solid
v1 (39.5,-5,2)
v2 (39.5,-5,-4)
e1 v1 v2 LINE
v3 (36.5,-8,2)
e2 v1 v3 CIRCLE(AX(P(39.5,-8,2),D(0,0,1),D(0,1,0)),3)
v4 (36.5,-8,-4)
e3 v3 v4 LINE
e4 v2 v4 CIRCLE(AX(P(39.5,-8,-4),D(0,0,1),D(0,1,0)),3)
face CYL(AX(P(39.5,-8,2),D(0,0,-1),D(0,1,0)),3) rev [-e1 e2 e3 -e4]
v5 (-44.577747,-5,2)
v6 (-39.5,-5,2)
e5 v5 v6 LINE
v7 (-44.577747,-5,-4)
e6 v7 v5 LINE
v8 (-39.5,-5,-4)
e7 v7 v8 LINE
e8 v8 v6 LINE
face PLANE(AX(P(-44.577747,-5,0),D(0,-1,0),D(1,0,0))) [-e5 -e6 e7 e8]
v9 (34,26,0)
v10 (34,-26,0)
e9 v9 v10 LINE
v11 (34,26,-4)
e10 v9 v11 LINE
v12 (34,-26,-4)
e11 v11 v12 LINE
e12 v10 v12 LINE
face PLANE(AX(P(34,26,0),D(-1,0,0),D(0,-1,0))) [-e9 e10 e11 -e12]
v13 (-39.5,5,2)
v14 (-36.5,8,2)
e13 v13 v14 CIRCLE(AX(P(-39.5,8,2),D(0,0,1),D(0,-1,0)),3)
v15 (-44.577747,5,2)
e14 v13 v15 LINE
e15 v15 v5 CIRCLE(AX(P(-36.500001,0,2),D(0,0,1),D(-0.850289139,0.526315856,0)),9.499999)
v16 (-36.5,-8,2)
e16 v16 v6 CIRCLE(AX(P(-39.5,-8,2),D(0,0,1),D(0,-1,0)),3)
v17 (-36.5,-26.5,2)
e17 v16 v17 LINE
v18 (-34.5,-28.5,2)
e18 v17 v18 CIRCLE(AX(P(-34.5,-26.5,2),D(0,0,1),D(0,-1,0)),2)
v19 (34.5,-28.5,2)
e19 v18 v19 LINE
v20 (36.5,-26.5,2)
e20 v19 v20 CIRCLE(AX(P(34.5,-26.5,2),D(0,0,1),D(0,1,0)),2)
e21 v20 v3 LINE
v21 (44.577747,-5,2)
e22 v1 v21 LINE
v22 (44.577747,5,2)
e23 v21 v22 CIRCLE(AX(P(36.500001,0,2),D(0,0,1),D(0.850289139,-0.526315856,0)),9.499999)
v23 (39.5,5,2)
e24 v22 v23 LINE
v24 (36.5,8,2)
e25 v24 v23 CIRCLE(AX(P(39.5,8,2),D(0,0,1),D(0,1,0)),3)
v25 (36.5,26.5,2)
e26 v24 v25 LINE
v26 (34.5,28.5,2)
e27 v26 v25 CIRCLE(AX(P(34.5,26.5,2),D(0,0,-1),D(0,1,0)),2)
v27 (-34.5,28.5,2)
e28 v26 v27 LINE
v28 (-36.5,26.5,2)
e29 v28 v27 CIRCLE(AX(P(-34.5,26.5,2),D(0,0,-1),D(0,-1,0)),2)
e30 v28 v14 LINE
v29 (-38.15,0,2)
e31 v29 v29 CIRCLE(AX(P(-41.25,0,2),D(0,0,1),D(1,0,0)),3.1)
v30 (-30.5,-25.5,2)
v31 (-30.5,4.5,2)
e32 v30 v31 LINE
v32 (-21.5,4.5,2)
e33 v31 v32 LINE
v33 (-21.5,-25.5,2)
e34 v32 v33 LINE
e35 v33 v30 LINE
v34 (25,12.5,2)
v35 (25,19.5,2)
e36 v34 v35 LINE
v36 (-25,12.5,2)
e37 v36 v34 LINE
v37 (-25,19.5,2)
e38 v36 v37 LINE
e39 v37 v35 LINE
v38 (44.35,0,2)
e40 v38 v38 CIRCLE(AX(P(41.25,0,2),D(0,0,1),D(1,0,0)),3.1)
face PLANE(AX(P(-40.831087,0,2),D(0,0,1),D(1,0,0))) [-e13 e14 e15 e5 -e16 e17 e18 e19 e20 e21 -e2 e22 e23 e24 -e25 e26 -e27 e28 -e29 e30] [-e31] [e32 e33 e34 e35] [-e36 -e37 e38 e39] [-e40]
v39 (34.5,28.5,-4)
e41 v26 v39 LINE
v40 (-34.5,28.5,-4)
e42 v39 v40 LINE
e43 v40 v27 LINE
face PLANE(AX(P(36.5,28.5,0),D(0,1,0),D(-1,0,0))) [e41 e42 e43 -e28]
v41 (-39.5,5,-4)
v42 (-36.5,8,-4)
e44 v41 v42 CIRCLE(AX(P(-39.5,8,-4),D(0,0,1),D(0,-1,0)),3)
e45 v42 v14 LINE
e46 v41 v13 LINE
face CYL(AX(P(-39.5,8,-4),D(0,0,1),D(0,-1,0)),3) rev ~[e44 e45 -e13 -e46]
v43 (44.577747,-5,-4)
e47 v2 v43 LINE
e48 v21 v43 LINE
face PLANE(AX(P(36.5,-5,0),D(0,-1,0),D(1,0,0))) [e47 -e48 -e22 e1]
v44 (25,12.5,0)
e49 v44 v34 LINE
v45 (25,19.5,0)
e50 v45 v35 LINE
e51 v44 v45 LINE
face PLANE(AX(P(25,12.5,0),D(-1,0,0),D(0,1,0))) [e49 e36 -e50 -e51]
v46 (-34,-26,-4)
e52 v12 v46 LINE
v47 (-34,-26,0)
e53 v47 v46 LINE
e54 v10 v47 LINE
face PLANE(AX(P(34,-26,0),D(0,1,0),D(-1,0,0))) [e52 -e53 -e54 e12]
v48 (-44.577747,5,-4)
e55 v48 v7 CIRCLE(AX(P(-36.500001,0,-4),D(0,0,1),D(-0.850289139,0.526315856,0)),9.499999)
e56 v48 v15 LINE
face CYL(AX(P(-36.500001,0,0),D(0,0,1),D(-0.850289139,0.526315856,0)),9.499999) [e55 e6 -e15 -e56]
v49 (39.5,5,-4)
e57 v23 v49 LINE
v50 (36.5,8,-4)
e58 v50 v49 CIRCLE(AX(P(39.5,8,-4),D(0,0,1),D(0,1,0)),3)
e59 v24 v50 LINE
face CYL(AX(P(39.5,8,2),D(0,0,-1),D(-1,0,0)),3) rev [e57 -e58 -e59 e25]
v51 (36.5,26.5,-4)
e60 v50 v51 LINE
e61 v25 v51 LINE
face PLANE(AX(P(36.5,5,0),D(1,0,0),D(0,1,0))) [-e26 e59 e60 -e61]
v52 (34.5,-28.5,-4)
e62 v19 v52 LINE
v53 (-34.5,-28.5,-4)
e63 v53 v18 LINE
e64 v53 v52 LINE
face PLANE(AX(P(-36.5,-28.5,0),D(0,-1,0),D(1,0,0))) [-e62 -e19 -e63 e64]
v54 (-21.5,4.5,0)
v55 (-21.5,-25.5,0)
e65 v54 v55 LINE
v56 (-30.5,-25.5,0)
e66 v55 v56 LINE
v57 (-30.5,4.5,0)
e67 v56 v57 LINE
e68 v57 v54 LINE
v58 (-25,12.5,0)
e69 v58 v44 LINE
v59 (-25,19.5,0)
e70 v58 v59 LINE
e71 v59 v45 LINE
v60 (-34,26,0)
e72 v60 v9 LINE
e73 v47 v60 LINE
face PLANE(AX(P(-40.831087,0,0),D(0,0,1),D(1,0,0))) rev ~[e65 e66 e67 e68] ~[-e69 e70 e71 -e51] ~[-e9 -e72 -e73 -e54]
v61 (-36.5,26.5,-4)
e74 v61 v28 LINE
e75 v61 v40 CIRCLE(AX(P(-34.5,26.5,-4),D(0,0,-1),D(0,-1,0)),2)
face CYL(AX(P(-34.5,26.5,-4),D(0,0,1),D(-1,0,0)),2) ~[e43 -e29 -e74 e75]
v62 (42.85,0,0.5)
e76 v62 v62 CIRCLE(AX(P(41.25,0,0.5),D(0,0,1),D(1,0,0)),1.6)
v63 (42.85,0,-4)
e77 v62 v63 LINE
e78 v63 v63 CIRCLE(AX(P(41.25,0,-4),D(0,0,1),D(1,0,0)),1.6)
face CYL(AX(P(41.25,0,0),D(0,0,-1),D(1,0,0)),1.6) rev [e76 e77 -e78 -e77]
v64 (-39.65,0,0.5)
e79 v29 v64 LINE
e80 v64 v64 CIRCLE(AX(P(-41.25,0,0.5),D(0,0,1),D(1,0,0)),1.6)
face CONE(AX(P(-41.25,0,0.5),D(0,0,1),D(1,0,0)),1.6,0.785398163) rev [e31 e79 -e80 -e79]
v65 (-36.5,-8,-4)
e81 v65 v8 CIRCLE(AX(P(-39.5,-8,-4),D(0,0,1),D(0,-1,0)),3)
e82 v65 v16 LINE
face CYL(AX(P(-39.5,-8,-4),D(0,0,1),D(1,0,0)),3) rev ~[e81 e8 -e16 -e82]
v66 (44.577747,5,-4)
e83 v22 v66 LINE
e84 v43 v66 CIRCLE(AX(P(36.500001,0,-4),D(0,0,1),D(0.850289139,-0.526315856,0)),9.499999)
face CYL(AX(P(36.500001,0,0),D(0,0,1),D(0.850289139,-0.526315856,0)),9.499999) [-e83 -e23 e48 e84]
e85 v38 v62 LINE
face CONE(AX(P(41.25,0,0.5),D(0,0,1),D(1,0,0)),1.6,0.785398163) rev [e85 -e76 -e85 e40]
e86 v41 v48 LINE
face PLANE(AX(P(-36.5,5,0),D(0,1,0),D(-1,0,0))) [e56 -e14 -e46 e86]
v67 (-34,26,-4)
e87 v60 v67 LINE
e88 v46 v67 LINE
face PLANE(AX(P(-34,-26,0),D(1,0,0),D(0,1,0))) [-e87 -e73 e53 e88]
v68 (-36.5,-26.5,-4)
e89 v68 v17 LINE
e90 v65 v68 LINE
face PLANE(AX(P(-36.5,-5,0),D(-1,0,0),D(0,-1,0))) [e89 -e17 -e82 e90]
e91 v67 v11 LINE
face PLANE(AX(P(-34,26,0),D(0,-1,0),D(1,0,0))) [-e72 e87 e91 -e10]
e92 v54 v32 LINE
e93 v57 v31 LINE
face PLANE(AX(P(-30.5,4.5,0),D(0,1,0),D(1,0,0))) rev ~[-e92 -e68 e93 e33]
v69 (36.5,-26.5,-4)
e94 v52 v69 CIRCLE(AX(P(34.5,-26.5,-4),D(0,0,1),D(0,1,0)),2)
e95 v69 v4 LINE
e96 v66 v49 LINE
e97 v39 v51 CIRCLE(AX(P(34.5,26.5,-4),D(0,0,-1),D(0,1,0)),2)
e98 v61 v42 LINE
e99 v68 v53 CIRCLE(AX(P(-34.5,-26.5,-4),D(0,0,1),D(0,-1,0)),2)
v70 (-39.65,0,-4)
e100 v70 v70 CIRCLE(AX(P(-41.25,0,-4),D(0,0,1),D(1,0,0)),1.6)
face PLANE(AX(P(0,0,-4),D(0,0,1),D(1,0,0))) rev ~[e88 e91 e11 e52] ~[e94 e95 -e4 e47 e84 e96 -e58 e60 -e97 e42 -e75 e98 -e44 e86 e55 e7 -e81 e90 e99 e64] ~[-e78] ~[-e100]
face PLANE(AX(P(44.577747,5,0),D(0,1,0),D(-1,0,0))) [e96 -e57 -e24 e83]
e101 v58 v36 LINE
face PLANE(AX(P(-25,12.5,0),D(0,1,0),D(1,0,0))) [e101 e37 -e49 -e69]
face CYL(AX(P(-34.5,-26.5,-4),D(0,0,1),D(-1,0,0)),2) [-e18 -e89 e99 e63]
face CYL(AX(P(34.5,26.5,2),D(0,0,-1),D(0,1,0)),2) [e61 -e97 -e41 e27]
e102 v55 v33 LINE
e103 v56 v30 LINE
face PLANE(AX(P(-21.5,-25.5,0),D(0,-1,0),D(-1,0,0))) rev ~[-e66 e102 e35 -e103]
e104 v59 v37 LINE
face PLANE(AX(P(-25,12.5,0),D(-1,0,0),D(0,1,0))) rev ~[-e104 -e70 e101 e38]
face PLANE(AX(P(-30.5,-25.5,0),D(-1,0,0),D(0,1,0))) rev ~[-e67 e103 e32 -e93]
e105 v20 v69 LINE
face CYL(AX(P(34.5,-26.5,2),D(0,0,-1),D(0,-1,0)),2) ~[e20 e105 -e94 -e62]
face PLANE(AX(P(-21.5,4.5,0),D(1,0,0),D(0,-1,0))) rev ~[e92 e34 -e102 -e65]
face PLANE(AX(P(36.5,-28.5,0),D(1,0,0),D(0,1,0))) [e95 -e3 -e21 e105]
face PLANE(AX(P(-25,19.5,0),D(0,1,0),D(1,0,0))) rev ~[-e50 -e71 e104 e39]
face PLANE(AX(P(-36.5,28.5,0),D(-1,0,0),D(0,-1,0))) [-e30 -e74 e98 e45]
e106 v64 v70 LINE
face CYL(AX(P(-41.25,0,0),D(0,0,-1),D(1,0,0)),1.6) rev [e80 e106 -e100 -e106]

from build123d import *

# Parameters (mm, degrees)
F0_W     = 50
F0_H     = 7
F0_R     = 1.6
F1_DEPTH = 2
F2_DEPTH = 4
F3_SIZE  = 1.5
F4_R     = 3
F5_R     = 2


with BuildPart() as f1:
    # F0 (on Top) → F1 (new body)
    with BuildSketch(Plane.XY):
        with BuildLine():
            Line((-36.5, -5), (-36.5, 5))
            Line((-36.5, 5), (-44.577747, 5))
            ThreePointArc((-44.577747, 5), (-46, 0), (-44.577747, -5))
            Line((-44.577747, -5), (-36.5, -5))
        make_face()
        Polygon((-38.5, 1.587713), (-38.5, -1.587713), (-41.25, -3.175426), (-44, -1.587713), (-44, 1.587713), (-41.25, 3.175426), align=None, mode=Mode.SUBTRACT)
        Polygon((36.5, 28.5), (-36.5, 28.5), (-36.5, 5), (-36.5, -5), (-36.5, -28.5), (36.5, -28.5), (36.5, -5), (36.5, 5), align=None)
        Polygon((-34, 21.050253), (-34, 26), (-29.050253, 26), (29.050253, 26), (34, 26), (34, 21.050253), (34, -21.050253), (34, -26), (29.050253, -26), (-29.050253, -26), (-34, -26), (-34, -21.050253), align=None, mode=Mode.SUBTRACT)
        Polygon((29.050253, 26), (-29.050253, 26), (-34, 21.050253), (-34, -21.050253), (-30.5, -24.550253), (-30.5, 4.5), (-21.5, 4.5), (-21.5, -25.5), (-29.550253, -25.5), (-29.050253, -26), (29.050253, -26), (34, -21.050253), (34, 21.050253), align=None)
        with Locations((0, 16)):
            Rectangle(F0_W, F0_H, mode=Mode.SUBTRACT)
        with BuildLine():
            Line((44.577747, 5), (36.5, 5))
            Line((36.5, 5), (36.5, -5))
            Line((36.5, -5), (44.577747, -5))
            ThreePointArc((44.577747, -5), (46, 0), (44.577747, 5))
        make_face()
        Polygon((41.25, -3.175426), (38.5, -1.587713), (38.5, 1.587713), (41.25, 3.175426), (44, 1.587713), (44, -1.587713), align=None, mode=Mode.SUBTRACT)
        Polygon((-41.25, -3.175426), (-38.5, -1.587713), (-38.5, 1.587713), (-41.25, 3.175426), (-44, 1.587713), (-44, -1.587713), align=None)
        with Locations((-41.25, 0)):
            Circle(F0_R, mode=Mode.SUBTRACT)
        Polygon((38.5, 1.587713), (38.5, -1.587713), (41.25, -3.175426), (44, -1.587713), (44, 1.587713), (41.25, 3.175426), align=None)
        with Locations((41.25, 0)):
            Circle(F0_R, mode=Mode.SUBTRACT)
        Polygon((34, 26), (29.050253, 26), (34, 21.050253), align=None)
        Polygon((-29.050253, 26), (-34, 26), (-34, 21.050253), align=None)
        Polygon((-30.5, -24.550253), (-34, -21.050253), (-34, -26), (-29.050253, -26), (-29.550253, -25.5), (-30.5, -25.5), align=None)
        Polygon((34, -26), (34, -21.050253), (29.050253, -26), align=None)
    extrude(amount=F1_DEPTH)

    # F0 (on Top) → F2 (join)
    with BuildSketch(Plane.XY):
        Polygon((36.5, 28.5), (-36.5, 28.5), (-36.5, 5), (-36.5, -5), (-36.5, -28.5), (36.5, -28.5), (36.5, -5), (36.5, 5), align=None)
        Polygon((-34, 21.050253), (-34, 26), (-29.050253, 26), (29.050253, 26), (34, 26), (34, 21.050253), (34, -21.050253), (34, -26), (29.050253, -26), (-29.050253, -26), (-34, -26), (-34, -21.050253), align=None, mode=Mode.SUBTRACT)
        with BuildLine():
            Line((-36.5, -5), (-36.5, 5))
            Line((-36.5, 5), (-44.577747, 5))
            ThreePointArc((-44.577747, 5), (-46, 0), (-44.577747, -5))
            Line((-44.577747, -5), (-36.5, -5))
        make_face()
        Polygon((-38.5, 1.587713), (-38.5, -1.587713), (-41.25, -3.175426), (-44, -1.587713), (-44, 1.587713), (-41.25, 3.175426), align=None, mode=Mode.SUBTRACT)
        Polygon((-41.25, -3.175426), (-38.5, -1.587713), (-38.5, 1.587713), (-41.25, 3.175426), (-44, 1.587713), (-44, -1.587713), align=None)
        with Locations((-41.25, 0)):
            Circle(F0_R, mode=Mode.SUBTRACT)
        with BuildLine():
            Line((44.577747, 5), (36.5, 5))
            Line((36.5, 5), (36.5, -5))
            Line((36.5, -5), (44.577747, -5))
            ThreePointArc((44.577747, -5), (46, 0), (44.577747, 5))
        make_face()
        Polygon((41.25, -3.175426), (38.5, -1.587713), (38.5, 1.587713), (41.25, 3.175426), (44, 1.587713), (44, -1.587713), align=None, mode=Mode.SUBTRACT)
        Polygon((38.5, 1.587713), (38.5, -1.587713), (41.25, -3.175426), (44, -1.587713), (44, 1.587713), (41.25, 3.175426), align=None)
        with Locations((41.25, 0)):
            Circle(F0_R, mode=Mode.SUBTRACT)
    extrude(amount=-F2_DEPTH)

    # F3
    f3_edges = [f1.edges().sort_by_distance(p)[0] for p in [
        (-42.85, 0, 2),
        (39.65, 0, 2),
    ]]
    chamfer(f3_edges, length=F3_SIZE)

    # F4
    f4_edges = [f1.edges().sort_by_distance(p)[0] for p in [
        (-36.5, -5, -1),
        (-36.5, 5, -1),
        (36.5, -5, -1),
        (36.5, 5, -1),
    ]]
    fillet(f4_edges, radius=F4_R)

    # F5
    f5_edges = [f1.edges().sort_by_distance(p)[0] for p in [
        (36.5, 28.5, -1),
        (-36.5, 28.5, -1),
        (-36.5, -28.5, -1),
        (36.5, -28.5, -1),
    ]]
    fillet(f5_edges, radius=F5_R)


solid = f1.part
